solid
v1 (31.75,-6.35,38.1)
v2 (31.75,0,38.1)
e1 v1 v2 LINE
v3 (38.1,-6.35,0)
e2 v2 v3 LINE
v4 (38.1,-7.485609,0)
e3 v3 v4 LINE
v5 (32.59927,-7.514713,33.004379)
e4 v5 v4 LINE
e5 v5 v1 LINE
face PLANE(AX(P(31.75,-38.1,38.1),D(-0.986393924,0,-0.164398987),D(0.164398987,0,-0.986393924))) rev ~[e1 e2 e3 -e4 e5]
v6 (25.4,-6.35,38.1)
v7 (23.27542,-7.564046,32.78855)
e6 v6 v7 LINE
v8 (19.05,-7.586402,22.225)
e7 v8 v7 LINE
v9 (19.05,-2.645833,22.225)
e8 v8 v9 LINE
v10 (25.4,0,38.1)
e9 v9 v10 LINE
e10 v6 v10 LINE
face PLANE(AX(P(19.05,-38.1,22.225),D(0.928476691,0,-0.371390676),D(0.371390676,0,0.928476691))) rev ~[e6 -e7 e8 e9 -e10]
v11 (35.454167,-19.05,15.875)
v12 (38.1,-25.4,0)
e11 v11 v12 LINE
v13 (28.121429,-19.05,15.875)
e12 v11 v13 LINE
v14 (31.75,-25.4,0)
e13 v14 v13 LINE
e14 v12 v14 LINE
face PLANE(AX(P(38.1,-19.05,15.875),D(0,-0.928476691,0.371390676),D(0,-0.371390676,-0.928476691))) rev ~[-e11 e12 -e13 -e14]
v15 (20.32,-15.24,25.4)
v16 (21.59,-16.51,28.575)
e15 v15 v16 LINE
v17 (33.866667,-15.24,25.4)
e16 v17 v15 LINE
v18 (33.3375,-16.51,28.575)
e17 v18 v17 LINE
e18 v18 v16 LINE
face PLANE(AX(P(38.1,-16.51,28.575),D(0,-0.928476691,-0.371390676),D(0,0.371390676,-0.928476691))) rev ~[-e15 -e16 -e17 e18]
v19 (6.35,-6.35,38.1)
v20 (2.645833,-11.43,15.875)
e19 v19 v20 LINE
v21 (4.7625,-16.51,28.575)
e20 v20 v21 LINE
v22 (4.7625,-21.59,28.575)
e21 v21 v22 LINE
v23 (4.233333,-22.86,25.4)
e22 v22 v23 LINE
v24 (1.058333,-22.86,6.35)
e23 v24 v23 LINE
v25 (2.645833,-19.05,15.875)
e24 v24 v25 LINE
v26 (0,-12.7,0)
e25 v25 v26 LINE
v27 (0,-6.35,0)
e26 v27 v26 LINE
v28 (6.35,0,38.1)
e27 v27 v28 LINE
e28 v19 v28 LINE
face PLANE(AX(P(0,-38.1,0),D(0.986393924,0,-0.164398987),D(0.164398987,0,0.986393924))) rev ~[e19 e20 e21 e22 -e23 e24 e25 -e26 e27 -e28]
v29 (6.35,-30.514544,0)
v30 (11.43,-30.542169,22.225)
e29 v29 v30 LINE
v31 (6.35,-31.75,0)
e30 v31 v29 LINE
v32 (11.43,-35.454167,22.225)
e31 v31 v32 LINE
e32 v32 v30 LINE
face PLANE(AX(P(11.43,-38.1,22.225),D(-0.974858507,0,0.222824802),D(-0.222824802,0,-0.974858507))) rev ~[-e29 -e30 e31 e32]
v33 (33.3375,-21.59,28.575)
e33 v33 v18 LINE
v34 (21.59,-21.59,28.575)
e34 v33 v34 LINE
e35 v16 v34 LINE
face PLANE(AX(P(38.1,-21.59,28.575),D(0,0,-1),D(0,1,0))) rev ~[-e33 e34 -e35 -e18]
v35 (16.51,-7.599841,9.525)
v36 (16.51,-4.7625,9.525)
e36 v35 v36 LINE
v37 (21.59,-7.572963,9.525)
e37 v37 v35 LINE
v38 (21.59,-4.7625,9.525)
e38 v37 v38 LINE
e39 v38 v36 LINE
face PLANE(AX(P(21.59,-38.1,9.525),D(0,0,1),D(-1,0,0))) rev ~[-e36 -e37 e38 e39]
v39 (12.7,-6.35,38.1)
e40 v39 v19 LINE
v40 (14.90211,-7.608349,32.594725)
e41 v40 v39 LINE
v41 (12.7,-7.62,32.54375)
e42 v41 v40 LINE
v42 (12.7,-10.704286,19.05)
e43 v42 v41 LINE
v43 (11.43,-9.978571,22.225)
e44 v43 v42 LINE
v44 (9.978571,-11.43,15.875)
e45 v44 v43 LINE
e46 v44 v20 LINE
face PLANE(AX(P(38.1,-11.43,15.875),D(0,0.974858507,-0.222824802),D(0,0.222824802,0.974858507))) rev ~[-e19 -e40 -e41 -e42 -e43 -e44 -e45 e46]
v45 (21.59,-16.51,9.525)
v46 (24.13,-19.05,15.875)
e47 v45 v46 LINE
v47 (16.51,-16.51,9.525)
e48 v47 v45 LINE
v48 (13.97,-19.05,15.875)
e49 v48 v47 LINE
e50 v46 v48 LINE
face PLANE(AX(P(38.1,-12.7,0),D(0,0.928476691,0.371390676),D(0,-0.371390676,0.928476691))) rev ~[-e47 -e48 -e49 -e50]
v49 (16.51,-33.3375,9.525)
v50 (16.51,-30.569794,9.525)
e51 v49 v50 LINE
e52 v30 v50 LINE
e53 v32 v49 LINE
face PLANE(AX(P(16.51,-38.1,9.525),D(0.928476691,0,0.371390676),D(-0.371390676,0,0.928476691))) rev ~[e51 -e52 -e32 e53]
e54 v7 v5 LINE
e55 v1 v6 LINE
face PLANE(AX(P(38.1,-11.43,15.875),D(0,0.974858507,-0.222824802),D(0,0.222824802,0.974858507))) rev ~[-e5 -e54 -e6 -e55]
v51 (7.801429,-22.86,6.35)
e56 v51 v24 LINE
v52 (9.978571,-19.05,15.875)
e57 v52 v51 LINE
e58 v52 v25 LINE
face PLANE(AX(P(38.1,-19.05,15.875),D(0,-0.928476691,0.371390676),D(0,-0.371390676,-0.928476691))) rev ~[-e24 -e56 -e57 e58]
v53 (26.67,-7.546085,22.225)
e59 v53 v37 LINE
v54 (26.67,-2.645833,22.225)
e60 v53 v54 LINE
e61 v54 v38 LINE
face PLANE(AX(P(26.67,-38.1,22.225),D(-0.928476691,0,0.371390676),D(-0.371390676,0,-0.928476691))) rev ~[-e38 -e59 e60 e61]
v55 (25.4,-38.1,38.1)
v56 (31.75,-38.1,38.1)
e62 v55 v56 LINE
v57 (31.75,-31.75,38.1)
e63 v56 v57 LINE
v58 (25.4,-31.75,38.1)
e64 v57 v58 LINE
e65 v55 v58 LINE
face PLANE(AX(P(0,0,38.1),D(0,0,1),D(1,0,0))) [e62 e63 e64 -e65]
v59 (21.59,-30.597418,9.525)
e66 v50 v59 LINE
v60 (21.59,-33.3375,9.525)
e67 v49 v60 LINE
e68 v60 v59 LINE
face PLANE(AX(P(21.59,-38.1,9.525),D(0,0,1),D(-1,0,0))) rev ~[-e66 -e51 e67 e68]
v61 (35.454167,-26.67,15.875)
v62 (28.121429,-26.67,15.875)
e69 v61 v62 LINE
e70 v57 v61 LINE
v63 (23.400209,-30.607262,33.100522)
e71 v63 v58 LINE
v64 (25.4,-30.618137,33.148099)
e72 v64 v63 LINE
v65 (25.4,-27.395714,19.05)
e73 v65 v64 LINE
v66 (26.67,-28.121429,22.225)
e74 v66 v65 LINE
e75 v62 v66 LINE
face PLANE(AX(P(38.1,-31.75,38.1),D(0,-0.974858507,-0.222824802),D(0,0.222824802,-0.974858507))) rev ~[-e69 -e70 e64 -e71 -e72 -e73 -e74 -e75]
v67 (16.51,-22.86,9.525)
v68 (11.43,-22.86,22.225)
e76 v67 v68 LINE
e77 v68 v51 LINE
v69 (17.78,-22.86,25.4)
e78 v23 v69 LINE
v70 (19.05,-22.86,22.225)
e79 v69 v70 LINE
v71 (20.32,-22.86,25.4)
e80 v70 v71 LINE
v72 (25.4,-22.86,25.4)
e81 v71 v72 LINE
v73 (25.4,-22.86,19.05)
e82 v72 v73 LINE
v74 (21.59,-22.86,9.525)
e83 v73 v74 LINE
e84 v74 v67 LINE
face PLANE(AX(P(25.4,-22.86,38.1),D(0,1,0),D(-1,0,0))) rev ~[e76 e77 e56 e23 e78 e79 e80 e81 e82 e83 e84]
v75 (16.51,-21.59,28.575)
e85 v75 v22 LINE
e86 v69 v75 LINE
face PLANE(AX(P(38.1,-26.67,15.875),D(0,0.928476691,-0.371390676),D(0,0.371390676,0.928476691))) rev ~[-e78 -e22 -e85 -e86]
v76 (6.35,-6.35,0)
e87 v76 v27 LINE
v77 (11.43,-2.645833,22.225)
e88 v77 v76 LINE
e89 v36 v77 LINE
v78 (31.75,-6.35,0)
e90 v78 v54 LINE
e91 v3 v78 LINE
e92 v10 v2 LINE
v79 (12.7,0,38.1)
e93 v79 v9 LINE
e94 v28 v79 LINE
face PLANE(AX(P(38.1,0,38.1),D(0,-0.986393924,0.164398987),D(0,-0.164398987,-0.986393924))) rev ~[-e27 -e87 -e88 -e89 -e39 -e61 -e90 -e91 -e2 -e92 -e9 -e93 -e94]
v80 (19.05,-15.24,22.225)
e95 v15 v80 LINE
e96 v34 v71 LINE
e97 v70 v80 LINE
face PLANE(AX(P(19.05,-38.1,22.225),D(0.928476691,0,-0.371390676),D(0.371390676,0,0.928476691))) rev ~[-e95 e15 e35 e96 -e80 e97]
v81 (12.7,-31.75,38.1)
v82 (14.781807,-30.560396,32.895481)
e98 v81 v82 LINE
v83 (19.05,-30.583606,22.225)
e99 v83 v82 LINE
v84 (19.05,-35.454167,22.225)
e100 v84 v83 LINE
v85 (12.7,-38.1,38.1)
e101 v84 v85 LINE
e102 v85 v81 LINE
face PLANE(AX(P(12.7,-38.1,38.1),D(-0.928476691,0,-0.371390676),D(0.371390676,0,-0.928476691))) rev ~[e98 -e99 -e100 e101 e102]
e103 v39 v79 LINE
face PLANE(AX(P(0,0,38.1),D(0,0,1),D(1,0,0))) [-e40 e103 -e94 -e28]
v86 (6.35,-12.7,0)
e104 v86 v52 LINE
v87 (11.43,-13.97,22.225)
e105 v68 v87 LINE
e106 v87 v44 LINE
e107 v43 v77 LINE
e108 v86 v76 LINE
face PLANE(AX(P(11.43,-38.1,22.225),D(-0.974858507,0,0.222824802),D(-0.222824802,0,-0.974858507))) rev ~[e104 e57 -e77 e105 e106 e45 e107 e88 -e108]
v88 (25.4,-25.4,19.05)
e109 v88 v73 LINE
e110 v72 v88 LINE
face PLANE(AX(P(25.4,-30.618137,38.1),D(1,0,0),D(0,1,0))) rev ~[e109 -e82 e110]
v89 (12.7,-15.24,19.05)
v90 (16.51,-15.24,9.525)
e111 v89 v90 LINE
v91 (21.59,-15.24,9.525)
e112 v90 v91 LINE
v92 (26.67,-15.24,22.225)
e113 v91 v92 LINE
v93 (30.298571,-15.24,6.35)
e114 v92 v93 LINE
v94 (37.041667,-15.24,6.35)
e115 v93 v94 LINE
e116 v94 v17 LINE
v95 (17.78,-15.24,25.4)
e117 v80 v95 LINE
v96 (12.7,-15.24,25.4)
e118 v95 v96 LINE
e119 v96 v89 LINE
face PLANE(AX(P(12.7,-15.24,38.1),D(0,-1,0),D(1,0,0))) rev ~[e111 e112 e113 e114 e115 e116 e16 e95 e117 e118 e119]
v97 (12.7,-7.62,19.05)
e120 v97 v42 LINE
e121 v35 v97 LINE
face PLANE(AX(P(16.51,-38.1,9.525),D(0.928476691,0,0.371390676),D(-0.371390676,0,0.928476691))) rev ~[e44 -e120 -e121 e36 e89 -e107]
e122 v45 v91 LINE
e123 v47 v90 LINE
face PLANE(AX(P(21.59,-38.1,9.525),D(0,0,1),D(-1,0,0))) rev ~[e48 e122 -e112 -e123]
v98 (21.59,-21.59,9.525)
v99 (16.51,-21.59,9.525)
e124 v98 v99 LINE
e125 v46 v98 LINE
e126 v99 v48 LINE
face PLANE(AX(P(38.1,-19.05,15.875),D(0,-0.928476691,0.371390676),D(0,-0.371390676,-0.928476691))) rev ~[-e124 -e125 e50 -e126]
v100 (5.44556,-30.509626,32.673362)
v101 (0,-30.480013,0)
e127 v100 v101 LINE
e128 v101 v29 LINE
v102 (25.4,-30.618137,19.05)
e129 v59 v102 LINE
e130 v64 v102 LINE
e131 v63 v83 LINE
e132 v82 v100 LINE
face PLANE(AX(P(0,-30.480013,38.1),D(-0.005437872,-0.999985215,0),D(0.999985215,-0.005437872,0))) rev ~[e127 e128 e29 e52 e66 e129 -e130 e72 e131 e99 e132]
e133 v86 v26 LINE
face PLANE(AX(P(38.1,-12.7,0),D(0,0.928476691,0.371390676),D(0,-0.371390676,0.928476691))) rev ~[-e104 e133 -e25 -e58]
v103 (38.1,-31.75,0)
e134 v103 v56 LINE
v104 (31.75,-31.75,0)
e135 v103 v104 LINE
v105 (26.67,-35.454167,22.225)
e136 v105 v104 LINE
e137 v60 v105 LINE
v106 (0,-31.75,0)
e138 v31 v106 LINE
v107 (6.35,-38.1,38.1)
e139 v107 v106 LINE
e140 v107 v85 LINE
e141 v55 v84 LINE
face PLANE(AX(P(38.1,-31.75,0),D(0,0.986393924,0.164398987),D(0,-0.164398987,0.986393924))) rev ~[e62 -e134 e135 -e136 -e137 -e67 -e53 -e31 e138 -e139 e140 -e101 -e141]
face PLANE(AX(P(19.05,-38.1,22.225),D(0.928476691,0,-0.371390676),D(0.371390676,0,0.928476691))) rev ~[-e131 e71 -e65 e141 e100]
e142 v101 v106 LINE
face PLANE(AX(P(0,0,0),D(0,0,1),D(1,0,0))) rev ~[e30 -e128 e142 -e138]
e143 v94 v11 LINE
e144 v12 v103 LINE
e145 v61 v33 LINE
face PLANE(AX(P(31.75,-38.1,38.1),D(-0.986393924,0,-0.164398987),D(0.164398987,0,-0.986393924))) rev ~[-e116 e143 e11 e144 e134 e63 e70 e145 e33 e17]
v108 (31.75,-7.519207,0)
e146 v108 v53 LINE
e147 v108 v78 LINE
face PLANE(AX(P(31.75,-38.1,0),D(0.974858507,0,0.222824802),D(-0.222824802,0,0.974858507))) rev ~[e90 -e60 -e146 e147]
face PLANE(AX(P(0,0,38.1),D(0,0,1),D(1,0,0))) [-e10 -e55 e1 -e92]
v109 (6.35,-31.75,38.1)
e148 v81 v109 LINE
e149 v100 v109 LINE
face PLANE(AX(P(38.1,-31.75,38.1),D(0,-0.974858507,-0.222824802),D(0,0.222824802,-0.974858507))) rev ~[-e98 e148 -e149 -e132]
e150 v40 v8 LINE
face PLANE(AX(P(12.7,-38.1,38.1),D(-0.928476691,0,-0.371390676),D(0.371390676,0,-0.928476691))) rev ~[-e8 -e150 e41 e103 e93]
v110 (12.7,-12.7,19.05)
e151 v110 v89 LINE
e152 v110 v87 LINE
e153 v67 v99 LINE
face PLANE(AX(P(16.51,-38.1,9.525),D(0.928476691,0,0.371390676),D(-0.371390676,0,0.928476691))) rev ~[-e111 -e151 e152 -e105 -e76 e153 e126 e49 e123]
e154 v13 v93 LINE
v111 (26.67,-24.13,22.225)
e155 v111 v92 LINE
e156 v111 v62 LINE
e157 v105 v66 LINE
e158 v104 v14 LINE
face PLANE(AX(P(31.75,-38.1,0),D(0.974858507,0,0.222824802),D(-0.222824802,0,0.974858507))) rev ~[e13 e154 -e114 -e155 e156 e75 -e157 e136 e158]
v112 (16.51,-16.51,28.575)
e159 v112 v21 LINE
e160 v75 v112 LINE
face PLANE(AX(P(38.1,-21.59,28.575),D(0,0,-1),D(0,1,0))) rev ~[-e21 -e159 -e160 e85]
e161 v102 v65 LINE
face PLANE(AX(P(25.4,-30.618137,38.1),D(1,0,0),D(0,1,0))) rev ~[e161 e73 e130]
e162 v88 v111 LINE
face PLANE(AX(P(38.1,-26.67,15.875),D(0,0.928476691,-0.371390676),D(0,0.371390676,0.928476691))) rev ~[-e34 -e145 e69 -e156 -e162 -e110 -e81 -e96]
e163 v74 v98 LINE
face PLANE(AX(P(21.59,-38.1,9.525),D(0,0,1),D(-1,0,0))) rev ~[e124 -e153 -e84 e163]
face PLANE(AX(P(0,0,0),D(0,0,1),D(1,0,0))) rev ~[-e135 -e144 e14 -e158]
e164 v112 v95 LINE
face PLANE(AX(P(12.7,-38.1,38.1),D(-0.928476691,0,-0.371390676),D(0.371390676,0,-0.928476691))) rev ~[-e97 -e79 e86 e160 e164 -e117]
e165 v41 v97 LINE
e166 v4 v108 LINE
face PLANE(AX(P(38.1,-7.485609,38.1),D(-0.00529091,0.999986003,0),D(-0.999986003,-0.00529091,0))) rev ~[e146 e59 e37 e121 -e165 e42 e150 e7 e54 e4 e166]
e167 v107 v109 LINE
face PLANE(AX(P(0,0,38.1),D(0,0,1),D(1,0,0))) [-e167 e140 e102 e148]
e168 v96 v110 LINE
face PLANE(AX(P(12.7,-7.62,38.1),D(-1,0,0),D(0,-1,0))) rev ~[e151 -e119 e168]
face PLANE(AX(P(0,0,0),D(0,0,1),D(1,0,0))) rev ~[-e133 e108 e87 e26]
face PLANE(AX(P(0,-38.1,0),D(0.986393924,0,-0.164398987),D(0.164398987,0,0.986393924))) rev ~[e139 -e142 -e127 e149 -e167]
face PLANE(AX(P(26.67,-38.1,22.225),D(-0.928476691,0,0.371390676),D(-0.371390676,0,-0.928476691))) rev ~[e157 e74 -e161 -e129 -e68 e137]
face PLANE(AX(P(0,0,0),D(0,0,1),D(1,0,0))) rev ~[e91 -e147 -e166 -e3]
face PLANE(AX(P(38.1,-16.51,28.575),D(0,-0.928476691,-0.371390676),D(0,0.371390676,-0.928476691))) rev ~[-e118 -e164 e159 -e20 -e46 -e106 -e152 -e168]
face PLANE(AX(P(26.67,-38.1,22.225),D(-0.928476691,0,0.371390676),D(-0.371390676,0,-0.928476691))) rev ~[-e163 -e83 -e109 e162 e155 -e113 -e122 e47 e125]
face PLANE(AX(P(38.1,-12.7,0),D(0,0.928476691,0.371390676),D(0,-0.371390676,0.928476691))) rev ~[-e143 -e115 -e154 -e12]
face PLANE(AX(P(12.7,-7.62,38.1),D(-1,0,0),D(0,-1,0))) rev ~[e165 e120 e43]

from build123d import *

# Parameters (mm, degrees)
F0_W      = 38.1
F0_H      = 38.1
F1_DEPTH  = 38.1
F6_DEPTH  = 38.1
F8_DEPTH  = 38.1
F10_DEPTH = 38.1


with BuildPart() as f1:
    # F0 (on Front) → F1 (new body)
    with BuildSketch(Plane.XZ):
        with Locations((19.05, 19.05)):
            Rectangle(F0_W, F0_H)
    extrude(amount=F1_DEPTH)

    # F5 (on offset) → F6 (cut)
    with BuildSketch(Plane.YZ.offset(38.1)):
        Polygon((-6.35, 0), (0, 0), (0, 38.1), align=None)
        Polygon((-25.4, 0), (-12.7, 0), (-19.05, 15.875), align=None)
        Polygon((-31.75, 0), (-38.1, 38.1), (-38.1, 0), align=None)
        Polygon((-11.43, 15.875), (-6.35, 38.1), (-31.75, 38.1), (-26.67, 15.875), (-21.59, 28.575), (-16.51, 28.575), align=None)
    extrude(amount=-F6_DEPTH, mode=Mode.SUBTRACT)

    # F7 (on offset) → F8 (cut)
    with BuildSketch(Plane.XZ.offset(38.1)):
        Polygon((25.4, 38.1), (12.7, 38.1), (19.05, 22.225), align=None)
        Polygon((38.1, 38.1), (31.75, 38.1), (38.1, 0), align=None)
        Polygon((11.43, 22.225), (6.35, 0), (31.75, 0), (26.67, 22.225), (21.59, 9.525), (16.51, 9.525), align=None)
        Polygon((6.35, 38.1), (0, 38.1), (0, 0), align=None)
    extrude(amount=-F8_DEPTH, mode=Mode.SUBTRACT)

    # F9 (on offset) → F10 (cut)
    with BuildSketch(Plane.XY.offset(38.1)):
        Polygon((38.1, -15.24), (38.1, -7.485609), (12.7, -7.62), (12.7, -15.24), align=None)
        Polygon((25.4, -22.86), (0, -22.86), (0, -30.480013), (25.4, -30.618137), align=None)
    extrude(amount=-F10_DEPTH, mode=Mode.SUBTRACT)


solid = f1.part
